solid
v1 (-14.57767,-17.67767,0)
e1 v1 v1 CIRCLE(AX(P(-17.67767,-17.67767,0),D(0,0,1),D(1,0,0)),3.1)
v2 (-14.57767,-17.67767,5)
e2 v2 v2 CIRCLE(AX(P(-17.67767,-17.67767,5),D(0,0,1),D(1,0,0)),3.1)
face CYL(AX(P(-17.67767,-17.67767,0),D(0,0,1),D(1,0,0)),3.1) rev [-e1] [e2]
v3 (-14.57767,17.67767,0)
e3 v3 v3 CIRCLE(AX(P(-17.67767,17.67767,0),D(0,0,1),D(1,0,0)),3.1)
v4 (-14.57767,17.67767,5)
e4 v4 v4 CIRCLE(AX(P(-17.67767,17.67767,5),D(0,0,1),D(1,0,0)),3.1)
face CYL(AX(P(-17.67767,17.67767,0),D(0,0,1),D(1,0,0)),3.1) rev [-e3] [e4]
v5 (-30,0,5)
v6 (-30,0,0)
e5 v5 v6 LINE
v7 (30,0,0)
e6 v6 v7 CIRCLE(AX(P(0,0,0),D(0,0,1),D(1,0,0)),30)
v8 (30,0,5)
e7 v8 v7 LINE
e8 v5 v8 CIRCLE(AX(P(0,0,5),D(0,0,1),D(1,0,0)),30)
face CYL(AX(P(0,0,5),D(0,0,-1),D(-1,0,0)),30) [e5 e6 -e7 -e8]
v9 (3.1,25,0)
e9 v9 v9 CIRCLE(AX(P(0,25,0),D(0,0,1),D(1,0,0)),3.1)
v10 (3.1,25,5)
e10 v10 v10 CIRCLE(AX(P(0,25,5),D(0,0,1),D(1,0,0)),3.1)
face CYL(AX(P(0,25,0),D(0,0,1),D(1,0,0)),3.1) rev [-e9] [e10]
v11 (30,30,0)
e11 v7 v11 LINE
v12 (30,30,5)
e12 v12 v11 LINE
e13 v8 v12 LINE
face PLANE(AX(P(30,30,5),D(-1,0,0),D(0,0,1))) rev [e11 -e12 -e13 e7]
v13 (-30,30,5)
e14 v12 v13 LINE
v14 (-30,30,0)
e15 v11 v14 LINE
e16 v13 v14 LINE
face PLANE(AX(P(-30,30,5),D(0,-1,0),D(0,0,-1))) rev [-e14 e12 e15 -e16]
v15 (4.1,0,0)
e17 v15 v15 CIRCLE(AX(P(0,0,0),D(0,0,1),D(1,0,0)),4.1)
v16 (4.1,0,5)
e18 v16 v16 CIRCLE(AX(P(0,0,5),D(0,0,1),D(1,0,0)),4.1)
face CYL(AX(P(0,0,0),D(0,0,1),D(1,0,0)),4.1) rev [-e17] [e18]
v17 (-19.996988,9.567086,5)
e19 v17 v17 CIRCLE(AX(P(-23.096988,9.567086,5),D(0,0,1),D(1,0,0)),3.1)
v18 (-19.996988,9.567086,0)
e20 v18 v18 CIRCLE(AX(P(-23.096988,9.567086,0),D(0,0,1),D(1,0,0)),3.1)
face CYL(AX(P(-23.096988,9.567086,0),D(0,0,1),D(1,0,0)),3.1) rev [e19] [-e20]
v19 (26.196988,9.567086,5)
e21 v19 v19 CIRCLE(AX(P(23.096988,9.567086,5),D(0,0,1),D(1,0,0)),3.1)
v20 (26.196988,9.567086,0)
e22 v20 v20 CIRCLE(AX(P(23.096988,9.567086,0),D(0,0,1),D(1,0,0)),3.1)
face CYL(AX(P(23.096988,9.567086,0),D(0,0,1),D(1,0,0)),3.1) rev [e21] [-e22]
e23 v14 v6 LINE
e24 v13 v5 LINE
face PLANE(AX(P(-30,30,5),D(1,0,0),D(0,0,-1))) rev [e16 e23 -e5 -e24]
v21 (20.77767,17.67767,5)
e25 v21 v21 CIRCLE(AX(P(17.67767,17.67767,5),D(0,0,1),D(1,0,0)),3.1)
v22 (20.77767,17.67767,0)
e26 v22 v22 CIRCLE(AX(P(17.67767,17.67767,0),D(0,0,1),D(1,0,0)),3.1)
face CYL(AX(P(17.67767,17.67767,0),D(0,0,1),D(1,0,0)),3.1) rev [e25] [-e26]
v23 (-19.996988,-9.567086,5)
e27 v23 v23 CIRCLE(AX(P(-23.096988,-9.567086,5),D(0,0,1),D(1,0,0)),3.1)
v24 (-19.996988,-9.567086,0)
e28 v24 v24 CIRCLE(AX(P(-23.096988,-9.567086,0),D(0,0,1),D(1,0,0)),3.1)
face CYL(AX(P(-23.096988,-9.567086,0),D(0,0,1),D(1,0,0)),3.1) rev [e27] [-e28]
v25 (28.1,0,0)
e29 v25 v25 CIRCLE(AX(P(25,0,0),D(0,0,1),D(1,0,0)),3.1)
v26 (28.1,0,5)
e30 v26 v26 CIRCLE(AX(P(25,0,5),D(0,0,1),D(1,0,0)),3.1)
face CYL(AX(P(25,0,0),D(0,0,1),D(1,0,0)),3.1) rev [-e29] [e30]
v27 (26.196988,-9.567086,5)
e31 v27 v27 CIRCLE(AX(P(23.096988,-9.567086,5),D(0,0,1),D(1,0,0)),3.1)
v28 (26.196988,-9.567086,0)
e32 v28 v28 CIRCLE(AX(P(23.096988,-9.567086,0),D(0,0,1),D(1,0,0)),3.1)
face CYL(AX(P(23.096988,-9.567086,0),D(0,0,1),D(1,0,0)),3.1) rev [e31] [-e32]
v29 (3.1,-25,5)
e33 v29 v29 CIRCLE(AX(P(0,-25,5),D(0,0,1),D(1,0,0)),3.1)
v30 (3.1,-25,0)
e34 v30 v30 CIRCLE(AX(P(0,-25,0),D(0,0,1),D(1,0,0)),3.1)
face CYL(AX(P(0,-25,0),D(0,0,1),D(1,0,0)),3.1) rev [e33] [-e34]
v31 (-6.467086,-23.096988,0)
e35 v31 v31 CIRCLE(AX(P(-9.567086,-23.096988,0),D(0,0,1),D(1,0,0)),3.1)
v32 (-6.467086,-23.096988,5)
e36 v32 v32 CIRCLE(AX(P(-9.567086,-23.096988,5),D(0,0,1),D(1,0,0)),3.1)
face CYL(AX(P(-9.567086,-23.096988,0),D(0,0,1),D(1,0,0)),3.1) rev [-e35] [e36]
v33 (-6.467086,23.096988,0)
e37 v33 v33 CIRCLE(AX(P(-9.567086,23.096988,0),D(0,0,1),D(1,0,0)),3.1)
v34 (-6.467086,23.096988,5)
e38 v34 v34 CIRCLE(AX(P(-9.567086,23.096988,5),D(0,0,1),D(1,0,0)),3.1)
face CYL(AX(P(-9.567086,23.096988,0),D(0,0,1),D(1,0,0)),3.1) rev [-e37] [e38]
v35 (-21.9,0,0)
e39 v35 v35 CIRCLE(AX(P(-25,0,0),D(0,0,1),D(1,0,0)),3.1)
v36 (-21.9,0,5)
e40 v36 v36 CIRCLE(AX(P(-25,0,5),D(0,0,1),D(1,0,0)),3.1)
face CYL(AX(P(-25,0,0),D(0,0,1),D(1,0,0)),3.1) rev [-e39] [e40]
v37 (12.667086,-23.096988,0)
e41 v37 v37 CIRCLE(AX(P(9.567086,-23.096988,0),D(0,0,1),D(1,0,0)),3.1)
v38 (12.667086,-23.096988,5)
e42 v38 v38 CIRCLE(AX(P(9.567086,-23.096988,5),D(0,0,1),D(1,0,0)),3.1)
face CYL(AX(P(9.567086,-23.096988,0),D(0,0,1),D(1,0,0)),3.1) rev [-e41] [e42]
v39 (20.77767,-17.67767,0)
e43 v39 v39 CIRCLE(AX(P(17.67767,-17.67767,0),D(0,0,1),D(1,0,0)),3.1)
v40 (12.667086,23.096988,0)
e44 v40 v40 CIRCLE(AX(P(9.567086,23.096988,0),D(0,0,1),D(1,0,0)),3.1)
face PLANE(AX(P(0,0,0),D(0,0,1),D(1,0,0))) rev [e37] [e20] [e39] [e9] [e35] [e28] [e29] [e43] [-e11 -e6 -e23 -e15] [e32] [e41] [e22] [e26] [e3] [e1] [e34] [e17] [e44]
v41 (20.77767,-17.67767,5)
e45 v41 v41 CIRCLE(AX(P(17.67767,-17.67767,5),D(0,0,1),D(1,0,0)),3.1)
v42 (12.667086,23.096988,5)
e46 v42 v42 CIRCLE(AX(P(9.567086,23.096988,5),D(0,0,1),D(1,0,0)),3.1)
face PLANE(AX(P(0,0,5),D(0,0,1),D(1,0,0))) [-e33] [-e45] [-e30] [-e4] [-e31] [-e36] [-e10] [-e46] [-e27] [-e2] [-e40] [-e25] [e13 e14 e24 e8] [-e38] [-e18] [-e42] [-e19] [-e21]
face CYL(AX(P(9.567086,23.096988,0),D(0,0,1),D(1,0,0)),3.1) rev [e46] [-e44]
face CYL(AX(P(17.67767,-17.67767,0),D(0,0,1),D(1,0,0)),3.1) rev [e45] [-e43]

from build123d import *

# Parameters (mm, degrees)
EXTRUDE_1_DEPTH     = 5
SKETCH_3_R          = 4.1
CUT_EXTRUDE_1_DEPTH = 5
SKETCH_5_R          = 3.1
CUT_EXTRUDE_2_DEPTH = 5


with BuildPart() as part:
    # 草图2 → 凸台-拉伸1 (new body)
    with BuildSketch(Plane.XY):
        with BuildLine():
            Line((-30, 30), (30, 30))
            Line((30, 30), (30, 0))
            ThreePointArc((30, 0), (0, -30), (-30, 0))
            Line((-30, 0), (-30, 30))
        make_face()
    extrude(amount=EXTRUDE_1_DEPTH)

    # 草图3 → 切除-拉伸1 (cut)
    with BuildSketch(Plane.XY.offset(5)):
        Circle(SKETCH_3_R)
    extrude(amount=-CUT_EXTRUDE_1_DEPTH, mode=Mode.SUBTRACT)

    # 草图5 → 切除-拉伸2 (cut)
    with BuildSketch(Plane.XY.offset(5)):
        with Locations((0, 25)):
            Circle(SKETCH_5_R)
        with Locations((9.567085809, 23.096988313)):
            Circle(SKETCH_5_R)
        with Locations((17.67766953, 17.67766953)):
            Circle(SKETCH_5_R)
        with Locations((23.096988313, 9.567085809)):
            Circle(SKETCH_5_R)
        with Locations((25, 0)):
            Circle(SKETCH_5_R)
        with Locations((23.096988313, -9.567085809)):
            Circle(SKETCH_5_R)
        with Locations((17.67766953, -17.67766953)):
            Circle(SKETCH_5_R)
        with Locations((9.567085809, -23.096988313)):
            Circle(SKETCH_5_R)
        with Locations((0, -25)):
            Circle(SKETCH_5_R)
        with Locations((-9.567085809, -23.096988313)):
            Circle(SKETCH_5_R)
        with Locations((-17.67766953, -17.67766953)):
            Circle(SKETCH_5_R)
        with Locations((-23.096988313, -9.567085809)):
            Circle(SKETCH_5_R)
        with Locations((-25, 0)):
            Circle(SKETCH_5_R)
        with Locations((-23.096988313, 9.567085809)):
            Circle(SKETCH_5_R)
        with Locations((-17.67766953, 17.67766953)):
            Circle(SKETCH_5_R)
        with Locations((-9.567085809, 23.096988313)):
            Circle(SKETCH_5_R)
    extrude(amount=-CUT_EXTRUDE_2_DEPTH, mode=Mode.SUBTRACT)


solid = part.part
